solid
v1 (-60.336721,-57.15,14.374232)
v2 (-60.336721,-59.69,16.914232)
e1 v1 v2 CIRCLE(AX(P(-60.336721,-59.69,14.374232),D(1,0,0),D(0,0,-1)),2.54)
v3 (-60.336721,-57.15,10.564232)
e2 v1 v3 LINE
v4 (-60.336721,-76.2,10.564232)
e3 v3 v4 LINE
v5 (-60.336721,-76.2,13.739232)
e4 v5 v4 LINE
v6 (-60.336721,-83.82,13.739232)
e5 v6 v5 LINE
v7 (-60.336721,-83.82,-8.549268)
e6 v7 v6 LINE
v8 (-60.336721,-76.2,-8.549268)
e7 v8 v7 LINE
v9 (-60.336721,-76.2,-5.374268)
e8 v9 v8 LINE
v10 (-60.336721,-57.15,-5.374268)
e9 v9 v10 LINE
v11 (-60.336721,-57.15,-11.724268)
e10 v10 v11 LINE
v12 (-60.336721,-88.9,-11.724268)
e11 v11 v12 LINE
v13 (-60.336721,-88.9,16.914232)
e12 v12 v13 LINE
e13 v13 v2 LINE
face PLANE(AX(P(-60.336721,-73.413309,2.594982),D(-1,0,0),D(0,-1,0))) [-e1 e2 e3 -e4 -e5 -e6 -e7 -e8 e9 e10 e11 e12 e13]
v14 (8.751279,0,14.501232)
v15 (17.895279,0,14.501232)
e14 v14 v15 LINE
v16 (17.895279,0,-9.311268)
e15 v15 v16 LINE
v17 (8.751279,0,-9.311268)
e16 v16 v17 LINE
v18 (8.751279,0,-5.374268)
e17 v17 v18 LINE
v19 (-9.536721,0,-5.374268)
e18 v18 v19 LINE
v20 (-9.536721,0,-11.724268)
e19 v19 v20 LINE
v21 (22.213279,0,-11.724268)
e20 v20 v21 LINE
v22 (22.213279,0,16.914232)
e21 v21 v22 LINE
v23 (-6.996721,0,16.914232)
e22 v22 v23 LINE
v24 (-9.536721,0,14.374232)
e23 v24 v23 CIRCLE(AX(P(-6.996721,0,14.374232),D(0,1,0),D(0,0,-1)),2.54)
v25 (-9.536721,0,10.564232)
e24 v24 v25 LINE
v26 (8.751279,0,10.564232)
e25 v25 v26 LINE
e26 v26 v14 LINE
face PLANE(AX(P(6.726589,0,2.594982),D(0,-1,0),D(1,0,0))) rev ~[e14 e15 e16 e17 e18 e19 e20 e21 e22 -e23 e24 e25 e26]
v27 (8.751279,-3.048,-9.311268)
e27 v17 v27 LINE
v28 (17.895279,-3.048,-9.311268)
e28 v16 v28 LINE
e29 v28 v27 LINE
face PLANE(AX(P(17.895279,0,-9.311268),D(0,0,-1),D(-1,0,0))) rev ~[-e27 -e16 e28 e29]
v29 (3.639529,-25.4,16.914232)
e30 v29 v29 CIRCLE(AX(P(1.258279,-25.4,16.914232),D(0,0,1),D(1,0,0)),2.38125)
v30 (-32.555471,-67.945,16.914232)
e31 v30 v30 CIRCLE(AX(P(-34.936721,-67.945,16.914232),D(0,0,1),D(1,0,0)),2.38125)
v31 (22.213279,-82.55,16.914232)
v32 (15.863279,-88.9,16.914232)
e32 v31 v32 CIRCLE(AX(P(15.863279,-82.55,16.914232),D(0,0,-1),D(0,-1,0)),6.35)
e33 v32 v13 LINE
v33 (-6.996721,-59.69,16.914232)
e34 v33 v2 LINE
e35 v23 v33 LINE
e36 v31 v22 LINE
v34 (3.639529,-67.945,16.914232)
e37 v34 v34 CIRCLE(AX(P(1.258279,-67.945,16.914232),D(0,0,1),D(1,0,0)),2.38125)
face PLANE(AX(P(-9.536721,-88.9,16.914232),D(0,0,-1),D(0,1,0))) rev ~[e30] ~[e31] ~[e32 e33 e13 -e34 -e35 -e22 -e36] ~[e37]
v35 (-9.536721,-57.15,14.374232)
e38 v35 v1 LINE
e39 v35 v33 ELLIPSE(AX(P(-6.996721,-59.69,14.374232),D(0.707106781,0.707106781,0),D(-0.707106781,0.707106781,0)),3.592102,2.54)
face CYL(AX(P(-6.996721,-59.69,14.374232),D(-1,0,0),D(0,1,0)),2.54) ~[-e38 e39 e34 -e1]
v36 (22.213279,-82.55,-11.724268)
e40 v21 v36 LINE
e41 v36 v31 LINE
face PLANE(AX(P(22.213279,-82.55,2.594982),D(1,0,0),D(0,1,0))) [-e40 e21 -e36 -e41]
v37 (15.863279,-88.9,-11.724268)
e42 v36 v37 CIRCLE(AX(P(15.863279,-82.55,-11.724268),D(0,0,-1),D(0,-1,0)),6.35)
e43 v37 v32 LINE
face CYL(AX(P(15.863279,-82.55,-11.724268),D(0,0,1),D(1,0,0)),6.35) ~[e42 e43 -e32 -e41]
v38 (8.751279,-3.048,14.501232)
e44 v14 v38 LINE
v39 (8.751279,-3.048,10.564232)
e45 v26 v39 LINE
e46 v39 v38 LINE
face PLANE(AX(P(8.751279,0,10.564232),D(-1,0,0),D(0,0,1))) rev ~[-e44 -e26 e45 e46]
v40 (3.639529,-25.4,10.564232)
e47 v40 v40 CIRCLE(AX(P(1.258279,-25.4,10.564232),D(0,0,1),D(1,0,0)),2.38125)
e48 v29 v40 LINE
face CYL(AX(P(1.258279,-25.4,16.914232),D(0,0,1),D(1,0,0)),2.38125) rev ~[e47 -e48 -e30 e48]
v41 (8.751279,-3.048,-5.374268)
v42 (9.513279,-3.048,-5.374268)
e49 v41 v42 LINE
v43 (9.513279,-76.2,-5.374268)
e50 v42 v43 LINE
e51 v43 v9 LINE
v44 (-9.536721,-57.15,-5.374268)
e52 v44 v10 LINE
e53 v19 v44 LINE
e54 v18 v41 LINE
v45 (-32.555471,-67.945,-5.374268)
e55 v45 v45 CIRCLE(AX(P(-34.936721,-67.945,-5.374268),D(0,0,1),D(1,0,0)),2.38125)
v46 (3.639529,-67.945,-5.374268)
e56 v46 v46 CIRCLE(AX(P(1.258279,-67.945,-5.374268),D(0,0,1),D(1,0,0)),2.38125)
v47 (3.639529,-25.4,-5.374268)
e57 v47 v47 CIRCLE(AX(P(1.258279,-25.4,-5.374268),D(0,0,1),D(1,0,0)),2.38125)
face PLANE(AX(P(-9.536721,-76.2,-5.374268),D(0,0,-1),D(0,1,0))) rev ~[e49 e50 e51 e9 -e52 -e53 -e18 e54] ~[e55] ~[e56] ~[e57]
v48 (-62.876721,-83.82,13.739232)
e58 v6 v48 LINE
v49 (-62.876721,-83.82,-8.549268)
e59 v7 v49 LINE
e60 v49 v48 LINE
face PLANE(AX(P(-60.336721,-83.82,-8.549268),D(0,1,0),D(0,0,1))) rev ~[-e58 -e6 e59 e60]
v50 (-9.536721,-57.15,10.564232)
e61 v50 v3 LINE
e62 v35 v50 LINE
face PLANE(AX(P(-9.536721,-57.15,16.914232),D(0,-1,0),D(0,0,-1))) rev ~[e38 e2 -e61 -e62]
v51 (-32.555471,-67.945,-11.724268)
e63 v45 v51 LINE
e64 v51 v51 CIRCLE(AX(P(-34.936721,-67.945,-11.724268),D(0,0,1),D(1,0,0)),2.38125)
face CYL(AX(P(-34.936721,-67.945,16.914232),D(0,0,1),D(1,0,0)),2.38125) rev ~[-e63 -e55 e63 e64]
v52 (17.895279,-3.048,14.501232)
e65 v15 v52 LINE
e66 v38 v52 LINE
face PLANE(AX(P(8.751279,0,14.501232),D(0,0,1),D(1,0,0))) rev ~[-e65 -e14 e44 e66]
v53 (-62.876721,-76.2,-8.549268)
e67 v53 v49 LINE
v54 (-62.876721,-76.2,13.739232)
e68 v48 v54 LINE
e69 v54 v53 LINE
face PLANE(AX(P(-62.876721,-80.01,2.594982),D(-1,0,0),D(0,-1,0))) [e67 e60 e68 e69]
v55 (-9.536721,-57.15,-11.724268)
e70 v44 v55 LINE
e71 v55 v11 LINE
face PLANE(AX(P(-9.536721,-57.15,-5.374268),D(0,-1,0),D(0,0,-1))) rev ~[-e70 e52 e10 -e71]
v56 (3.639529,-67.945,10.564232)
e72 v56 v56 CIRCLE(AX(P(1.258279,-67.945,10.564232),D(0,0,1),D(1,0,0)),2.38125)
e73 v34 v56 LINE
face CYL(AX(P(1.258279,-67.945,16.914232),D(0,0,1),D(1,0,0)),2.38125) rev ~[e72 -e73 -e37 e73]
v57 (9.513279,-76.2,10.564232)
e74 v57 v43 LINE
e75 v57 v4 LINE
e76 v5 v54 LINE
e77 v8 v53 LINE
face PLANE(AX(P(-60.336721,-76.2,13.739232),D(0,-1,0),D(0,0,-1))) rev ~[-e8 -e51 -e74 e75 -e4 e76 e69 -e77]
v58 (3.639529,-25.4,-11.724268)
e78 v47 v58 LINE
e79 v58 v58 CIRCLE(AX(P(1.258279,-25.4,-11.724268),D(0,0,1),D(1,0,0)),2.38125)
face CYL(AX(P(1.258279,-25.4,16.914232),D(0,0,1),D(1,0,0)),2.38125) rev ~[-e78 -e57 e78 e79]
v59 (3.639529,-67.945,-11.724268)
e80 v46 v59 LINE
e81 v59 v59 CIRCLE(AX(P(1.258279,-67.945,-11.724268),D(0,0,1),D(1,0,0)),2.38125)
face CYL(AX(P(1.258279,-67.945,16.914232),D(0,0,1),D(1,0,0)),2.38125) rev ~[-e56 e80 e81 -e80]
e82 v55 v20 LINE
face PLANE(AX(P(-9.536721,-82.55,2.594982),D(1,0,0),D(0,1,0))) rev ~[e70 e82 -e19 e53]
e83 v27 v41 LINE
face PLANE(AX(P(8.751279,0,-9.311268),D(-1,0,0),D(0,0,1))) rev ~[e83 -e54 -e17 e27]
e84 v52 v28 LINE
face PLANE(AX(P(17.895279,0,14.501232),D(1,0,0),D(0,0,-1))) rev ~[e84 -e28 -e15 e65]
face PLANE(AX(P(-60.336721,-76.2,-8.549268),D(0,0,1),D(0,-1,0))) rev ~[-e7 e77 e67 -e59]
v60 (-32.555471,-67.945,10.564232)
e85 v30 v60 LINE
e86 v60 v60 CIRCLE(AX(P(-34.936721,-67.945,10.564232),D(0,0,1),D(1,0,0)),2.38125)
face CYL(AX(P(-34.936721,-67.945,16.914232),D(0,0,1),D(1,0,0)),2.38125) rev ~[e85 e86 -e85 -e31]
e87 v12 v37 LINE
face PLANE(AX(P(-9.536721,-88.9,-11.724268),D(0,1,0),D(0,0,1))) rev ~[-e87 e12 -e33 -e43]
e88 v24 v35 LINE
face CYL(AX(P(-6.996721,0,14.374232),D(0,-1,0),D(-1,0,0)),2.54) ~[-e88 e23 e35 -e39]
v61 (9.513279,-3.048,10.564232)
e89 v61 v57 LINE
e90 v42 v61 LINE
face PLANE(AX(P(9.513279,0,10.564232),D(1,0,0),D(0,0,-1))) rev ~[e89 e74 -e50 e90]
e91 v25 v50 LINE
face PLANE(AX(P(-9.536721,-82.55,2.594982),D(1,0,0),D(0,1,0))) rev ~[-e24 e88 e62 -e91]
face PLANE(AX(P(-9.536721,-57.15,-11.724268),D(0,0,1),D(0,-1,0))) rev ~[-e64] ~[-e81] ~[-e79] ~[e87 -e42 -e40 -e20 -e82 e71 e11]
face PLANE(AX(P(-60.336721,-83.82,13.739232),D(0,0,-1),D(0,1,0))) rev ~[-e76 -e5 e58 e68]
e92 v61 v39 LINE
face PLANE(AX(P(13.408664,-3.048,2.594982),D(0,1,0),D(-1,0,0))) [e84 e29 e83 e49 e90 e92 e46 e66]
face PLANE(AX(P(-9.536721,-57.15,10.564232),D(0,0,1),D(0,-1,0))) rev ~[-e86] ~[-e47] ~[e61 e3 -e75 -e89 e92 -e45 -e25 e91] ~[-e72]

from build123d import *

# Parameters (mm, degrees)
F1_DEPTH  = 76.2
F2_W      = 12.7
F2_H      = 28.6385
F3_DEPTH  = 31.75
F5_DEPTH  = 50.8
F6_R      = 2.54
F7_R      = 2.54
F8_R      = 6.35
F9_R      = 2.38125
F10_DEPTH = 50.8
F12_DEPTH = 2.54
F14_DEPTH = 3.048


with BuildPart() as f1:
    # F0 (on Front) → F1 (new body)
    with BuildSketch(Plane.XZ):
        Polygon((22.2132794439, -11.7242682397), (22.2132794439, 16.9142317603), (-9.5367205561, 16.9142317603), (-9.5367205561, 10.5642317603), (9.5132794439, 10.5642317603), (9.5132794439, -5.3742682397), (-9.5367205561, -5.3742682397), (-9.5367205561, -11.7242682397), align=None)
    extrude(amount=F1_DEPTH)

    # F2 (on face) → F3 (join)
    with BuildSketch(Plane.YZ.offset(22.2132794439)):
        with Locations((-82.55, 2.5949817603)):
            Rectangle(F2_W, F2_H)
    extrude(amount=-F3_DEPTH)

    # F4 (on face) → F5 (join)
    with BuildSketch(Plane(origin=(-9.5367205561, 0, 0), x_dir=(0, -1, 0), z_dir=(-1, 0, 0))):
        Polygon((88.9, -11.7242682397), (88.9, 16.9142317603), (57.15, 16.9142317603), (57.15, 10.5642317603), (76.2, 10.5642317603), (76.2, -5.3742682397), (57.15, -5.3742682397), (57.15, -11.7242682397), align=None)
    extrude(amount=F5_DEPTH)

    # F6
    f6_edges = [f1.edges().sort_by_distance(p)[0] for p in [
        (-9.536721, -28.575, 16.914232),
    ]]
    fillet(f6_edges, radius=F6_R)

    # F7
    f7_edges = [f1.edges().sort_by_distance(p)[0] for p in [
        (-34.936721, -57.15, 16.914232),
    ]]
    fillet(f7_edges, radius=F7_R)

    # F8
    f8_edges = [f1.edges().sort_by_distance(p)[0] for p in [
        (22.213279, -88.9, 2.594982),
    ]]
    fillet(f8_edges, radius=F8_R)

    # F9 (on face) → F10 (cut)
    with BuildSketch(Plane.XY.offset(16.9142317603)):
        with Locations((1.2582794439, -67.945)):
            Circle(F9_R)
        with Locations((1.2582794439, -25.4)):
            Circle(F9_R)
        with Locations((-34.9367205561, -67.945)):
            Circle(F9_R)
    extrude(amount=-F10_DEPTH, mode=Mode.SUBTRACT)

    # F11 (on face) → F12 (join)
    with BuildSketch(Plane(origin=(-60.3367205561, 0, 0), x_dir=(0, -1, 0), z_dir=(-1, 0, 0))):
        Polygon((76.2, 13.7392317603), (76.2, 10.5642317603), (76.2, -5.3742682397), (76.2, -8.5492682397), (83.82, -8.5492682397), (83.82, 13.7392317603), align=None)
    extrude(amount=F12_DEPTH)

    # F13 (on face) → F14 (cut)
    with BuildSketch(Plane(origin=(0, 0, 0), x_dir=(-1, 0, 0), z_dir=(0, 1, 0))):
        Polygon((-8.7512794439, 14.5012317603), (-9.5132794439, 14.5012317603), (-17.8952794439, 14.5012317603), (-17.8952794439, -9.3112682397), (-9.5132794439, -9.3112682397), (-8.7512794439, -9.3112682397), (-8.7512794439, -5.3742682397), (-9.5132794439, -5.3742682397), (-9.5132794439, 10.5642317603), (-8.7512794439, 10.5642317603), align=None)
    extrude(amount=-F14_DEPTH, mode=Mode.SUBTRACT)


solid = f1.part
